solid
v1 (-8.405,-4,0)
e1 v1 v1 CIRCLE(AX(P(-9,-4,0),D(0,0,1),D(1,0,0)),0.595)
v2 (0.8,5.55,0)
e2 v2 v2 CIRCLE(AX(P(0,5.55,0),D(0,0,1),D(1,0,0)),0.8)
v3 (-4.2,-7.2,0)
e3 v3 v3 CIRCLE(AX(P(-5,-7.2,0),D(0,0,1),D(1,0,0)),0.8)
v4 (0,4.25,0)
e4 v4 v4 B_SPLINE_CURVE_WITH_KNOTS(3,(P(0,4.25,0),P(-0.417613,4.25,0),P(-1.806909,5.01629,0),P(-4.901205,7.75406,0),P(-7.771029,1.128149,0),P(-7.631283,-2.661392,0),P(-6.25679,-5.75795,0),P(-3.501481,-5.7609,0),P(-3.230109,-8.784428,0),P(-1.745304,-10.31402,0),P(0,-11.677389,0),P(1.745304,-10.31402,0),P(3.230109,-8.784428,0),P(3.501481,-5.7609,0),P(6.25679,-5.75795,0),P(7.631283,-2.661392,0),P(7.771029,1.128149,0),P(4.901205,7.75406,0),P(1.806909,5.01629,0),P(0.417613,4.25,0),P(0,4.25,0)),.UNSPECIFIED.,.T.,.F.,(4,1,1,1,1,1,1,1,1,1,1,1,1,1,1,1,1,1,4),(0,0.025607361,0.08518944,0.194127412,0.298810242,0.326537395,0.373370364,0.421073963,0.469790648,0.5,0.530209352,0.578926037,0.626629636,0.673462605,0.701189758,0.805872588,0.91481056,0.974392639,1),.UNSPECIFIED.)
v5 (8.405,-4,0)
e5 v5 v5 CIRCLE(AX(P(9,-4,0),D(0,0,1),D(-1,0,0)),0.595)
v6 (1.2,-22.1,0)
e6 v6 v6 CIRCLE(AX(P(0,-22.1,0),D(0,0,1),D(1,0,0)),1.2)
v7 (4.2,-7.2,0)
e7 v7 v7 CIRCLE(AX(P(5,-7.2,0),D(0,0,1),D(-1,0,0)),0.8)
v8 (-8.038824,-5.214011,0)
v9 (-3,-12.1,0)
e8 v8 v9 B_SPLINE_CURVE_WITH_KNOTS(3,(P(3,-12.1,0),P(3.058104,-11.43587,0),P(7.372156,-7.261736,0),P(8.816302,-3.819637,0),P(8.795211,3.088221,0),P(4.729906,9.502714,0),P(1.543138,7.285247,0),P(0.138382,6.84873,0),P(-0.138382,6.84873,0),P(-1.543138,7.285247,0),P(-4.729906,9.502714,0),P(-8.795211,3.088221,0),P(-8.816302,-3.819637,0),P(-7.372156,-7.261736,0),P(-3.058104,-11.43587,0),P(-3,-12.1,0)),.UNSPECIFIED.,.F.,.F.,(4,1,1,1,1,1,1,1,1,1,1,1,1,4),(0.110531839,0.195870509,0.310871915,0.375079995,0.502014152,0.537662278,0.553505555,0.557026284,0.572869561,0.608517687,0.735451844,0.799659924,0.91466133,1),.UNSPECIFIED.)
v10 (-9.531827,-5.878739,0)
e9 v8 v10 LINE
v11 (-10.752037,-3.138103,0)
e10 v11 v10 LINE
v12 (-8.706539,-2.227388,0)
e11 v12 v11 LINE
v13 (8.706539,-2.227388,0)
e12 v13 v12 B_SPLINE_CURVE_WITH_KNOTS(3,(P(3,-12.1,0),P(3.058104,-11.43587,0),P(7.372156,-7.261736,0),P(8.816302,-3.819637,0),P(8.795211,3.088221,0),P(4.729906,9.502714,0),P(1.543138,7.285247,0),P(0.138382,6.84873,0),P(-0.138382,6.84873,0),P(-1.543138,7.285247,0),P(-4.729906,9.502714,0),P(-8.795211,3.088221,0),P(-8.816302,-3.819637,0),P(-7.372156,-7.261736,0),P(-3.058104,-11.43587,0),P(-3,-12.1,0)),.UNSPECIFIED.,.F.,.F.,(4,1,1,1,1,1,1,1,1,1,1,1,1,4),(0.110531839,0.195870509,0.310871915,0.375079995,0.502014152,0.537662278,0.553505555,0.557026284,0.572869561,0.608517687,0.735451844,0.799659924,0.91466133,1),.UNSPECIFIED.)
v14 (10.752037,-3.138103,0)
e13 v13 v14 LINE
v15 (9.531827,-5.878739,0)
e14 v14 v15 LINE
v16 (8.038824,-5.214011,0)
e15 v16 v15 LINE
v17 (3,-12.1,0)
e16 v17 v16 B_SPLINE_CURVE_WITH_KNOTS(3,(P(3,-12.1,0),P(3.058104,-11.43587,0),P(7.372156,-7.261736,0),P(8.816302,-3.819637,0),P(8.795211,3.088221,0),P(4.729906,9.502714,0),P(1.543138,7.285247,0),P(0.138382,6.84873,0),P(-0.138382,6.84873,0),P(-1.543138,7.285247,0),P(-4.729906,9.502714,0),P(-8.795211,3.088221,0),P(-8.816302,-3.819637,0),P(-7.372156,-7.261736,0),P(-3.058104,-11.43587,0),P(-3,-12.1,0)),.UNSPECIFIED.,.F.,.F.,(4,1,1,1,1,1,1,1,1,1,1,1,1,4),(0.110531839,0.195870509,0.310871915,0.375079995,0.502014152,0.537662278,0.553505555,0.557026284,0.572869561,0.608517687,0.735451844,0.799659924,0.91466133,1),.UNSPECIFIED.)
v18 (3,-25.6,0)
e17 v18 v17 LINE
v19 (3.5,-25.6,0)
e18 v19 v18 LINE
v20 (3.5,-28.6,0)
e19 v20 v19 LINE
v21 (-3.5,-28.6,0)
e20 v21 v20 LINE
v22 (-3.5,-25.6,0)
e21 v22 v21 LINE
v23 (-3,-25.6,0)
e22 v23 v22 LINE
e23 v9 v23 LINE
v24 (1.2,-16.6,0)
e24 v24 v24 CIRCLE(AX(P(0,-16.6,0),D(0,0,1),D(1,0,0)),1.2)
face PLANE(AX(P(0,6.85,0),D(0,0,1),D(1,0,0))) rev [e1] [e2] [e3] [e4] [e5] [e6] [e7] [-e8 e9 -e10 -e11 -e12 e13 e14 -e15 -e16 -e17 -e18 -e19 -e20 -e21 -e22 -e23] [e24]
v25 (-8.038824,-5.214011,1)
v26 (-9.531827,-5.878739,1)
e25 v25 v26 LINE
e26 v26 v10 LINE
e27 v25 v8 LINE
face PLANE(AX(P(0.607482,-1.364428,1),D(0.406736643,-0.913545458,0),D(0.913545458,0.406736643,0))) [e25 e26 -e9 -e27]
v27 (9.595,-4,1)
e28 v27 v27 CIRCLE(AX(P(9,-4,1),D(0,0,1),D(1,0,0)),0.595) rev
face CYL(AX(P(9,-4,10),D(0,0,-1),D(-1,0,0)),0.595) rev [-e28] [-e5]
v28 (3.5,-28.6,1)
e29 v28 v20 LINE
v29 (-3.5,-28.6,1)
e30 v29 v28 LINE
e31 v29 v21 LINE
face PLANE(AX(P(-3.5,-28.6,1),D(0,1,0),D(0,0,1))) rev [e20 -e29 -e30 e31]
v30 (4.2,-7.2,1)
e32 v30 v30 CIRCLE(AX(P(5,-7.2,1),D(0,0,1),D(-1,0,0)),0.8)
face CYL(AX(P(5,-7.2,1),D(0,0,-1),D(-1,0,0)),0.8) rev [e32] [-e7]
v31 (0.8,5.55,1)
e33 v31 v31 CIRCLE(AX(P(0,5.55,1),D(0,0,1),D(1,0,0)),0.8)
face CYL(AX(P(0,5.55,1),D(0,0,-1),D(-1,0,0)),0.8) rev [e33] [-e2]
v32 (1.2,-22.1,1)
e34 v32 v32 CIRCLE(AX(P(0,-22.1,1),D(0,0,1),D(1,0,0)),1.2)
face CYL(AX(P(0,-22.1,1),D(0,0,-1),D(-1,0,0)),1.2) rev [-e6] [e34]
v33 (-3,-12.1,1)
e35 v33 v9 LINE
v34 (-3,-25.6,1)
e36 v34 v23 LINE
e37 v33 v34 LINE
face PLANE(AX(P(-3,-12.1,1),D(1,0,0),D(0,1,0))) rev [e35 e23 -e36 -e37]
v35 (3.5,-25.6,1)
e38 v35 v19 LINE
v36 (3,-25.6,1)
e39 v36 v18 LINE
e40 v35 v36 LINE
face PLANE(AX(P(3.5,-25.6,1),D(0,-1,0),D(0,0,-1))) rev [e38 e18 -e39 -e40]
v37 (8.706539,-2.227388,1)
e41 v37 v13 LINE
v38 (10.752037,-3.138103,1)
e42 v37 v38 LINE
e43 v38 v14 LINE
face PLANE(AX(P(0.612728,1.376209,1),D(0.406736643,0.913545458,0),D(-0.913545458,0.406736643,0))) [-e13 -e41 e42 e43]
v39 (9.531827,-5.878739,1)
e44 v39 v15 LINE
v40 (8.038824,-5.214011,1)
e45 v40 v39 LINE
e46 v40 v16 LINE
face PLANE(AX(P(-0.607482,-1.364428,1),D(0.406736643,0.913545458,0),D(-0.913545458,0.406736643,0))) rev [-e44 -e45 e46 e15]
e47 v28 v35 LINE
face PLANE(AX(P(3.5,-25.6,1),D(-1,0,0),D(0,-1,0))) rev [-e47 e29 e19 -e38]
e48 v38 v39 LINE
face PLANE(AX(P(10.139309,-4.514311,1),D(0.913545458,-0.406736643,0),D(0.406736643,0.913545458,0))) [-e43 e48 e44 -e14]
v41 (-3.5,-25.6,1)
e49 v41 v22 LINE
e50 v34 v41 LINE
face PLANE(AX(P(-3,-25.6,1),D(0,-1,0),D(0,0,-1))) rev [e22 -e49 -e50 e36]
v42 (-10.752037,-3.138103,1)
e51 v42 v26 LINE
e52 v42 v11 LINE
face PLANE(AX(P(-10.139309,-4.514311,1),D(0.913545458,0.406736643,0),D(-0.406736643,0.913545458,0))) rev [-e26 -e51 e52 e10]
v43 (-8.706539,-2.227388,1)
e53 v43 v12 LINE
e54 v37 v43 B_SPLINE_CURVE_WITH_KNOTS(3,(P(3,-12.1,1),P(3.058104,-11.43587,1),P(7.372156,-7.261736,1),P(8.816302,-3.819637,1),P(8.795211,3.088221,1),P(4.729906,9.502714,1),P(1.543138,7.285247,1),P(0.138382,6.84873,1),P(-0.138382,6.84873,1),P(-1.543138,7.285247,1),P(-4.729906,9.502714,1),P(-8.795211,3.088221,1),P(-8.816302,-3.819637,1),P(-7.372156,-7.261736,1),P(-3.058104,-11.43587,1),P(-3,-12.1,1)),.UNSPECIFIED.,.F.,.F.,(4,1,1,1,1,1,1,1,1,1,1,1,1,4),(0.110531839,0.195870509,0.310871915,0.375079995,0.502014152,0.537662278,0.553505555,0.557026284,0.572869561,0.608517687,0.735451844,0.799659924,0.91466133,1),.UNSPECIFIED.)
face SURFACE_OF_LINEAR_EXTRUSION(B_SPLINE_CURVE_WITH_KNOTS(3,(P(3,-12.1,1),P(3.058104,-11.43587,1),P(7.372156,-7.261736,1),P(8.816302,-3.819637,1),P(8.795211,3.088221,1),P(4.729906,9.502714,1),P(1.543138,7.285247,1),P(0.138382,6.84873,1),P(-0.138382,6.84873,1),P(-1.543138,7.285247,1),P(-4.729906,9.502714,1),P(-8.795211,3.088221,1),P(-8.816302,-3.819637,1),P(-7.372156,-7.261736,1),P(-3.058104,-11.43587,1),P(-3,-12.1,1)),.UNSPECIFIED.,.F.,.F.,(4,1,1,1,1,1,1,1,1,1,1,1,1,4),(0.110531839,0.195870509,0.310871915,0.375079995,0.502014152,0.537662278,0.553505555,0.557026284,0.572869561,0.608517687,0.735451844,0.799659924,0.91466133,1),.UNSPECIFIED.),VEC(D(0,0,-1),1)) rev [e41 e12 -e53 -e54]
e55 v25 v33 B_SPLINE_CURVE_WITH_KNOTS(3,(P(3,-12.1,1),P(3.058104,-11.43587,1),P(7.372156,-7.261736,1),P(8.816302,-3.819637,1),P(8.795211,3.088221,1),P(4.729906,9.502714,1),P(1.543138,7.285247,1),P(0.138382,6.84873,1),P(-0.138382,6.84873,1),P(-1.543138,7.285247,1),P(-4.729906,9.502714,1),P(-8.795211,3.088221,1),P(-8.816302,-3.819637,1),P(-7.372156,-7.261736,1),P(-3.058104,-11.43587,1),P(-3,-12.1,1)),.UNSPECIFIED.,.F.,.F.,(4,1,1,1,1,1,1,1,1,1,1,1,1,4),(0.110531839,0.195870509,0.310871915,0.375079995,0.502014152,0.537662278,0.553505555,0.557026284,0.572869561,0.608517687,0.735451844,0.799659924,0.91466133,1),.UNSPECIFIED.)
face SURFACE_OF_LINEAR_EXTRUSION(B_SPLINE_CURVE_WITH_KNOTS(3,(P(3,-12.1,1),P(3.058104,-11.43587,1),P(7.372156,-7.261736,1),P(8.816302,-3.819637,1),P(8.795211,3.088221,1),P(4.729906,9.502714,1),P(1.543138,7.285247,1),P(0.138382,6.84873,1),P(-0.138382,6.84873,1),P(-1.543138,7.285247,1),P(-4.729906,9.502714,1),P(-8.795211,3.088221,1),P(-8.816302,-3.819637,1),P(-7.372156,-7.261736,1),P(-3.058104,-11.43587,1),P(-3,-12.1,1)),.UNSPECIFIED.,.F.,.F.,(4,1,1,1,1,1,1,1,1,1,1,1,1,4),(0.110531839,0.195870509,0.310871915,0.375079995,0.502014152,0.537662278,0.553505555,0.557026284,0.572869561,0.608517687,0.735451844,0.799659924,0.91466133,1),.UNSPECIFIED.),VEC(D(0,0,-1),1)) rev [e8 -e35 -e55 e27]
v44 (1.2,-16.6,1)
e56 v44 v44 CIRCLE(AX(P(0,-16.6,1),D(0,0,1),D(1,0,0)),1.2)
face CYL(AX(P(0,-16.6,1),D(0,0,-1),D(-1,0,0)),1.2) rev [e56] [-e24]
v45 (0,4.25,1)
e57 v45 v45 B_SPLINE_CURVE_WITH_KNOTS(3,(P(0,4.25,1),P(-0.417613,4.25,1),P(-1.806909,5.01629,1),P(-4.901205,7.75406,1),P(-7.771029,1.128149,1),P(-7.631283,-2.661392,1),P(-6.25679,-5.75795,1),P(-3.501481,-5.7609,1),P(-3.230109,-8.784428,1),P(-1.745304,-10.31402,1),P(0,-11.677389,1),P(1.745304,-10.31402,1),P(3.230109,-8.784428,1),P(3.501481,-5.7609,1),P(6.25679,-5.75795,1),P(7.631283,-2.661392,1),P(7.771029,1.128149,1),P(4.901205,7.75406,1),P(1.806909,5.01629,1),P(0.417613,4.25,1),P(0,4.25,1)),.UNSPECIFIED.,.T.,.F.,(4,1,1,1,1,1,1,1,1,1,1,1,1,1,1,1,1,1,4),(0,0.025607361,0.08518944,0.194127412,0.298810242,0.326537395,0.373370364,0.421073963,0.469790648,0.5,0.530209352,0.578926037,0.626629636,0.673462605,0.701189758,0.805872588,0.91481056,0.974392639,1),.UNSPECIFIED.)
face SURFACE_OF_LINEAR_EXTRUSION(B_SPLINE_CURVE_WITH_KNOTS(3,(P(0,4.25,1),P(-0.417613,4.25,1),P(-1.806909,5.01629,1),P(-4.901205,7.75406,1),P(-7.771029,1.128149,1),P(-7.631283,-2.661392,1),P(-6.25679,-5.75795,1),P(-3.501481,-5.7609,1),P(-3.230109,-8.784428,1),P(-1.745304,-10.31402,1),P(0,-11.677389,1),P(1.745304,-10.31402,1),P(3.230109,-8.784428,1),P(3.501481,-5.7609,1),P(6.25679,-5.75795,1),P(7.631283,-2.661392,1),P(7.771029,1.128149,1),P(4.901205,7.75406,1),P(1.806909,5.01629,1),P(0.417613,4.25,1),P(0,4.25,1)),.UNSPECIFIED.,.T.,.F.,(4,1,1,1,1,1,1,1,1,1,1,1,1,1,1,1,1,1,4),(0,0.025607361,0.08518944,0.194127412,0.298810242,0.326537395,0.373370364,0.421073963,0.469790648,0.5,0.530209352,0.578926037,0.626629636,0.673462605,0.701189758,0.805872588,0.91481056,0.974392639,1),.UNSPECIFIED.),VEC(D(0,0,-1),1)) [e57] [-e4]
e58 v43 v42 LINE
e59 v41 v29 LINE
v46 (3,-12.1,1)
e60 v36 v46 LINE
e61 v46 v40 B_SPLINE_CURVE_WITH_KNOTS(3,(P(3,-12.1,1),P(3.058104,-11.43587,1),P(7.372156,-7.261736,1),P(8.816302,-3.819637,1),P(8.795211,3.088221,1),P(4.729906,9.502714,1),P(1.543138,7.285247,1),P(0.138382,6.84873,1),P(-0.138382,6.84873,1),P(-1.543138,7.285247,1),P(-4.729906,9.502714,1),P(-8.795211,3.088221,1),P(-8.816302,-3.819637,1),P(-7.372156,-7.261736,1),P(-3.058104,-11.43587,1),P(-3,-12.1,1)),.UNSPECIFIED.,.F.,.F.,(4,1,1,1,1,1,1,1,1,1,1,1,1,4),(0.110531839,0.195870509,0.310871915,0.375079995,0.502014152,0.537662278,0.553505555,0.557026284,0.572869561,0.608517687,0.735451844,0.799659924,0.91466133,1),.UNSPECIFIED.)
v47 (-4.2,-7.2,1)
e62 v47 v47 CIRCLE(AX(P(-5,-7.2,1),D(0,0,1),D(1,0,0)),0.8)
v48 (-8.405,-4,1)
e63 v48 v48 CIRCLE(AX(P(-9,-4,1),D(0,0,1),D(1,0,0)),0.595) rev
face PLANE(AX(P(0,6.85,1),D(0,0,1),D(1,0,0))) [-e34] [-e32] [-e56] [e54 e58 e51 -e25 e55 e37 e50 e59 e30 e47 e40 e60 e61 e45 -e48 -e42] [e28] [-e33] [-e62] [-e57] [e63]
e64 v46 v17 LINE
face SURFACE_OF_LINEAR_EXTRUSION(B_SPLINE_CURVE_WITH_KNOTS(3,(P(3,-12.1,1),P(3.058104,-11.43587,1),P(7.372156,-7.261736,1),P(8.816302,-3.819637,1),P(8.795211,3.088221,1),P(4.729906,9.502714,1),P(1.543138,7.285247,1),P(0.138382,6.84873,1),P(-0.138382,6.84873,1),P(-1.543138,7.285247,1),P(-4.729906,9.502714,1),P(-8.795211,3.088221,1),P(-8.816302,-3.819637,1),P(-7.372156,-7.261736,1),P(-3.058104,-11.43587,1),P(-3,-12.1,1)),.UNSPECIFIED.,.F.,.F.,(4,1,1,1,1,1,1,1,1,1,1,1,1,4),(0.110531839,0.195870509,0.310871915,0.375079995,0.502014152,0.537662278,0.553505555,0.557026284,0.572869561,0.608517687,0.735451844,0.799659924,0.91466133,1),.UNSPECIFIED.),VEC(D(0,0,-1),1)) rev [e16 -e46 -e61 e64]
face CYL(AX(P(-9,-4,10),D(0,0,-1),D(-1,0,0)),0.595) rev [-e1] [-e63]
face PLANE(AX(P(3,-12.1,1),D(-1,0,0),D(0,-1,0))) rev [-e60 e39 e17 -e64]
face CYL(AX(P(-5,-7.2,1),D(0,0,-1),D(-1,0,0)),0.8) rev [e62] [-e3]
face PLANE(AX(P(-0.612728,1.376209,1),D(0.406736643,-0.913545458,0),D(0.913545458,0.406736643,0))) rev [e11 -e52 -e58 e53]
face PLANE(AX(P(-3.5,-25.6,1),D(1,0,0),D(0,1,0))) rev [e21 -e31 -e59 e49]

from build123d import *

# Parameters (mm, degrees)
SKETCH2_R           = 1.2
SKETCH2_R_2         = 0.8
BOSS_EXTRUDE2_DEPTH = 1
BOSS_EXTRUDE3_DEPTH = 1
SKETCH4_R           = 0.594999999
CUT_EXTRUDE10_DEPTH = 10


with BuildPart() as part:
    # Sketch2 → Boss-Extrude2 (new body)
    with BuildSketch(Plane.XY):
        with BuildLine():
            Line((-3, -25.6), (-3.5, -25.6))
            Line((-3.5, -25.6), (-3.5, -28.6))
            Line((-3.5, -28.6), (3.5, -28.6))
            Line((3.5, -28.6), (3.5, -25.6))
            Line((3.5, -25.6), (3, -25.6))
            Line((3, -25.6), (3, -12.1))
            add(Edge.make_bspline(
                [(3, -12.1), (3.058103828, -11.435870201), (7.372156419, -7.261735624), (8.816301548, -3.819636641), (8.795211315, 3.088220748), (4.729906031, 9.502714417), (1.543138013, 7.285247455), (0.138381747, 6.848730149), (-0.138381747, 6.848730149), (-1.543138013, 7.285247455), (-4.729906031, 9.502714417), (-8.795211315, 3.088220748), (-8.816301548, -3.819636641), (-7.372156419, -7.261735624), (-3.058103828, -11.435870201), (-3, -12.1)],
                knots=[0.110531839, 0.110531839, 0.110531839, 0.110531839, 0.195870509, 0.310871915, 0.375079995, 0.502014152, 0.537662278, 0.553505555, 0.557026284, 0.572869561, 0.608517687, 0.735451844, 0.799659924, 0.91466133, 1, 1, 1, 1], degree=3))
            Line((-3, -12.1), (-3, -25.6))
        make_face()
        with Locations((0, -16.6)):
            Circle(SKETCH2_R, mode=Mode.SUBTRACT)
        with Locations((0, 5.55)):
            Circle(SKETCH2_R_2, mode=Mode.SUBTRACT)
        with Locations((-5, -7.2)):
            Circle(SKETCH2_R_2, mode=Mode.SUBTRACT)
        with Locations(Location((5, -7.2, 0), (0, 0, 180))):
            Circle(SKETCH2_R_2, mode=Mode.SUBTRACT)
        with Locations((0, -22.1)):
            Circle(SKETCH2_R, mode=Mode.SUBTRACT)
        with BuildLine():
            add(Edge.make_bspline(
                [(0, 4.25), (-0.417612959, 4.25), (-1.806909343, 5.016290019), (-4.901204561, 7.754060047), (-7.771028928, 1.128148542), (-7.631282508, -2.661392118), (-6.25678999, -5.757950433), (-3.501481263, -5.76089978), (-3.230109482, -8.784428483), (-1.74530404, -10.314020364), (0, -11.677388837), (1.74530404, -10.314020364), (3.230109482, -8.784428483), (3.501481263, -5.76089978), (6.25678999, -5.757950433), (7.631282508, -2.661392118), (7.771028928, 1.128148542), (4.901204561, 7.754060047), (1.806909343, 5.016290019), (0.417612959, 4.25), (0, 4.25)],
                knots=[0, 0, 0, 0, 0.025607361, 0.08518944, 0.194127412, 0.298810242, 0.326537395, 0.373370364, 0.421073963, 0.469790648, 0.5, 0.530209352, 0.578926037, 0.626629636, 0.673462605, 0.701189758, 0.805872588, 0.91481056, 0.974392639, 1, 1, 1, 1], degree=3))
        make_face(mode=Mode.SUBTRACT)
    extrude(amount=BOSS_EXTRUDE2_DEPTH)

    # Sketch3 → Boss-Extrude3 (add)
    with BuildSketch(Plane.XY):
        Polygon((-6.791190485, -4.658529061), (-9.531826857, -5.87873899), (-10.752036787, -3.138102617), (-8.011400414, -1.917892688), align=None)
        Polygon((8.011400414, -1.917892688), (10.752036787, -3.138102617), (9.531826857, -5.87873899), (6.791190485, -4.658529061), align=None)
    extrude(amount=BOSS_EXTRUDE3_DEPTH)

    # Sketch4 → Cut-Extrude10 (cut)
    with BuildSketch(Plane.XY):
        with Locations((-8.999999996, -4.000000008)):
            Circle(SKETCH4_R)
        with Locations(Location((8.999999996, -4.000000008, 0), (0, 0, 180))):
            Circle(SKETCH4_R)
    extrude(amount=CUT_EXTRUDE10_DEPTH, mode=Mode.SUBTRACT)


solid = part.part
